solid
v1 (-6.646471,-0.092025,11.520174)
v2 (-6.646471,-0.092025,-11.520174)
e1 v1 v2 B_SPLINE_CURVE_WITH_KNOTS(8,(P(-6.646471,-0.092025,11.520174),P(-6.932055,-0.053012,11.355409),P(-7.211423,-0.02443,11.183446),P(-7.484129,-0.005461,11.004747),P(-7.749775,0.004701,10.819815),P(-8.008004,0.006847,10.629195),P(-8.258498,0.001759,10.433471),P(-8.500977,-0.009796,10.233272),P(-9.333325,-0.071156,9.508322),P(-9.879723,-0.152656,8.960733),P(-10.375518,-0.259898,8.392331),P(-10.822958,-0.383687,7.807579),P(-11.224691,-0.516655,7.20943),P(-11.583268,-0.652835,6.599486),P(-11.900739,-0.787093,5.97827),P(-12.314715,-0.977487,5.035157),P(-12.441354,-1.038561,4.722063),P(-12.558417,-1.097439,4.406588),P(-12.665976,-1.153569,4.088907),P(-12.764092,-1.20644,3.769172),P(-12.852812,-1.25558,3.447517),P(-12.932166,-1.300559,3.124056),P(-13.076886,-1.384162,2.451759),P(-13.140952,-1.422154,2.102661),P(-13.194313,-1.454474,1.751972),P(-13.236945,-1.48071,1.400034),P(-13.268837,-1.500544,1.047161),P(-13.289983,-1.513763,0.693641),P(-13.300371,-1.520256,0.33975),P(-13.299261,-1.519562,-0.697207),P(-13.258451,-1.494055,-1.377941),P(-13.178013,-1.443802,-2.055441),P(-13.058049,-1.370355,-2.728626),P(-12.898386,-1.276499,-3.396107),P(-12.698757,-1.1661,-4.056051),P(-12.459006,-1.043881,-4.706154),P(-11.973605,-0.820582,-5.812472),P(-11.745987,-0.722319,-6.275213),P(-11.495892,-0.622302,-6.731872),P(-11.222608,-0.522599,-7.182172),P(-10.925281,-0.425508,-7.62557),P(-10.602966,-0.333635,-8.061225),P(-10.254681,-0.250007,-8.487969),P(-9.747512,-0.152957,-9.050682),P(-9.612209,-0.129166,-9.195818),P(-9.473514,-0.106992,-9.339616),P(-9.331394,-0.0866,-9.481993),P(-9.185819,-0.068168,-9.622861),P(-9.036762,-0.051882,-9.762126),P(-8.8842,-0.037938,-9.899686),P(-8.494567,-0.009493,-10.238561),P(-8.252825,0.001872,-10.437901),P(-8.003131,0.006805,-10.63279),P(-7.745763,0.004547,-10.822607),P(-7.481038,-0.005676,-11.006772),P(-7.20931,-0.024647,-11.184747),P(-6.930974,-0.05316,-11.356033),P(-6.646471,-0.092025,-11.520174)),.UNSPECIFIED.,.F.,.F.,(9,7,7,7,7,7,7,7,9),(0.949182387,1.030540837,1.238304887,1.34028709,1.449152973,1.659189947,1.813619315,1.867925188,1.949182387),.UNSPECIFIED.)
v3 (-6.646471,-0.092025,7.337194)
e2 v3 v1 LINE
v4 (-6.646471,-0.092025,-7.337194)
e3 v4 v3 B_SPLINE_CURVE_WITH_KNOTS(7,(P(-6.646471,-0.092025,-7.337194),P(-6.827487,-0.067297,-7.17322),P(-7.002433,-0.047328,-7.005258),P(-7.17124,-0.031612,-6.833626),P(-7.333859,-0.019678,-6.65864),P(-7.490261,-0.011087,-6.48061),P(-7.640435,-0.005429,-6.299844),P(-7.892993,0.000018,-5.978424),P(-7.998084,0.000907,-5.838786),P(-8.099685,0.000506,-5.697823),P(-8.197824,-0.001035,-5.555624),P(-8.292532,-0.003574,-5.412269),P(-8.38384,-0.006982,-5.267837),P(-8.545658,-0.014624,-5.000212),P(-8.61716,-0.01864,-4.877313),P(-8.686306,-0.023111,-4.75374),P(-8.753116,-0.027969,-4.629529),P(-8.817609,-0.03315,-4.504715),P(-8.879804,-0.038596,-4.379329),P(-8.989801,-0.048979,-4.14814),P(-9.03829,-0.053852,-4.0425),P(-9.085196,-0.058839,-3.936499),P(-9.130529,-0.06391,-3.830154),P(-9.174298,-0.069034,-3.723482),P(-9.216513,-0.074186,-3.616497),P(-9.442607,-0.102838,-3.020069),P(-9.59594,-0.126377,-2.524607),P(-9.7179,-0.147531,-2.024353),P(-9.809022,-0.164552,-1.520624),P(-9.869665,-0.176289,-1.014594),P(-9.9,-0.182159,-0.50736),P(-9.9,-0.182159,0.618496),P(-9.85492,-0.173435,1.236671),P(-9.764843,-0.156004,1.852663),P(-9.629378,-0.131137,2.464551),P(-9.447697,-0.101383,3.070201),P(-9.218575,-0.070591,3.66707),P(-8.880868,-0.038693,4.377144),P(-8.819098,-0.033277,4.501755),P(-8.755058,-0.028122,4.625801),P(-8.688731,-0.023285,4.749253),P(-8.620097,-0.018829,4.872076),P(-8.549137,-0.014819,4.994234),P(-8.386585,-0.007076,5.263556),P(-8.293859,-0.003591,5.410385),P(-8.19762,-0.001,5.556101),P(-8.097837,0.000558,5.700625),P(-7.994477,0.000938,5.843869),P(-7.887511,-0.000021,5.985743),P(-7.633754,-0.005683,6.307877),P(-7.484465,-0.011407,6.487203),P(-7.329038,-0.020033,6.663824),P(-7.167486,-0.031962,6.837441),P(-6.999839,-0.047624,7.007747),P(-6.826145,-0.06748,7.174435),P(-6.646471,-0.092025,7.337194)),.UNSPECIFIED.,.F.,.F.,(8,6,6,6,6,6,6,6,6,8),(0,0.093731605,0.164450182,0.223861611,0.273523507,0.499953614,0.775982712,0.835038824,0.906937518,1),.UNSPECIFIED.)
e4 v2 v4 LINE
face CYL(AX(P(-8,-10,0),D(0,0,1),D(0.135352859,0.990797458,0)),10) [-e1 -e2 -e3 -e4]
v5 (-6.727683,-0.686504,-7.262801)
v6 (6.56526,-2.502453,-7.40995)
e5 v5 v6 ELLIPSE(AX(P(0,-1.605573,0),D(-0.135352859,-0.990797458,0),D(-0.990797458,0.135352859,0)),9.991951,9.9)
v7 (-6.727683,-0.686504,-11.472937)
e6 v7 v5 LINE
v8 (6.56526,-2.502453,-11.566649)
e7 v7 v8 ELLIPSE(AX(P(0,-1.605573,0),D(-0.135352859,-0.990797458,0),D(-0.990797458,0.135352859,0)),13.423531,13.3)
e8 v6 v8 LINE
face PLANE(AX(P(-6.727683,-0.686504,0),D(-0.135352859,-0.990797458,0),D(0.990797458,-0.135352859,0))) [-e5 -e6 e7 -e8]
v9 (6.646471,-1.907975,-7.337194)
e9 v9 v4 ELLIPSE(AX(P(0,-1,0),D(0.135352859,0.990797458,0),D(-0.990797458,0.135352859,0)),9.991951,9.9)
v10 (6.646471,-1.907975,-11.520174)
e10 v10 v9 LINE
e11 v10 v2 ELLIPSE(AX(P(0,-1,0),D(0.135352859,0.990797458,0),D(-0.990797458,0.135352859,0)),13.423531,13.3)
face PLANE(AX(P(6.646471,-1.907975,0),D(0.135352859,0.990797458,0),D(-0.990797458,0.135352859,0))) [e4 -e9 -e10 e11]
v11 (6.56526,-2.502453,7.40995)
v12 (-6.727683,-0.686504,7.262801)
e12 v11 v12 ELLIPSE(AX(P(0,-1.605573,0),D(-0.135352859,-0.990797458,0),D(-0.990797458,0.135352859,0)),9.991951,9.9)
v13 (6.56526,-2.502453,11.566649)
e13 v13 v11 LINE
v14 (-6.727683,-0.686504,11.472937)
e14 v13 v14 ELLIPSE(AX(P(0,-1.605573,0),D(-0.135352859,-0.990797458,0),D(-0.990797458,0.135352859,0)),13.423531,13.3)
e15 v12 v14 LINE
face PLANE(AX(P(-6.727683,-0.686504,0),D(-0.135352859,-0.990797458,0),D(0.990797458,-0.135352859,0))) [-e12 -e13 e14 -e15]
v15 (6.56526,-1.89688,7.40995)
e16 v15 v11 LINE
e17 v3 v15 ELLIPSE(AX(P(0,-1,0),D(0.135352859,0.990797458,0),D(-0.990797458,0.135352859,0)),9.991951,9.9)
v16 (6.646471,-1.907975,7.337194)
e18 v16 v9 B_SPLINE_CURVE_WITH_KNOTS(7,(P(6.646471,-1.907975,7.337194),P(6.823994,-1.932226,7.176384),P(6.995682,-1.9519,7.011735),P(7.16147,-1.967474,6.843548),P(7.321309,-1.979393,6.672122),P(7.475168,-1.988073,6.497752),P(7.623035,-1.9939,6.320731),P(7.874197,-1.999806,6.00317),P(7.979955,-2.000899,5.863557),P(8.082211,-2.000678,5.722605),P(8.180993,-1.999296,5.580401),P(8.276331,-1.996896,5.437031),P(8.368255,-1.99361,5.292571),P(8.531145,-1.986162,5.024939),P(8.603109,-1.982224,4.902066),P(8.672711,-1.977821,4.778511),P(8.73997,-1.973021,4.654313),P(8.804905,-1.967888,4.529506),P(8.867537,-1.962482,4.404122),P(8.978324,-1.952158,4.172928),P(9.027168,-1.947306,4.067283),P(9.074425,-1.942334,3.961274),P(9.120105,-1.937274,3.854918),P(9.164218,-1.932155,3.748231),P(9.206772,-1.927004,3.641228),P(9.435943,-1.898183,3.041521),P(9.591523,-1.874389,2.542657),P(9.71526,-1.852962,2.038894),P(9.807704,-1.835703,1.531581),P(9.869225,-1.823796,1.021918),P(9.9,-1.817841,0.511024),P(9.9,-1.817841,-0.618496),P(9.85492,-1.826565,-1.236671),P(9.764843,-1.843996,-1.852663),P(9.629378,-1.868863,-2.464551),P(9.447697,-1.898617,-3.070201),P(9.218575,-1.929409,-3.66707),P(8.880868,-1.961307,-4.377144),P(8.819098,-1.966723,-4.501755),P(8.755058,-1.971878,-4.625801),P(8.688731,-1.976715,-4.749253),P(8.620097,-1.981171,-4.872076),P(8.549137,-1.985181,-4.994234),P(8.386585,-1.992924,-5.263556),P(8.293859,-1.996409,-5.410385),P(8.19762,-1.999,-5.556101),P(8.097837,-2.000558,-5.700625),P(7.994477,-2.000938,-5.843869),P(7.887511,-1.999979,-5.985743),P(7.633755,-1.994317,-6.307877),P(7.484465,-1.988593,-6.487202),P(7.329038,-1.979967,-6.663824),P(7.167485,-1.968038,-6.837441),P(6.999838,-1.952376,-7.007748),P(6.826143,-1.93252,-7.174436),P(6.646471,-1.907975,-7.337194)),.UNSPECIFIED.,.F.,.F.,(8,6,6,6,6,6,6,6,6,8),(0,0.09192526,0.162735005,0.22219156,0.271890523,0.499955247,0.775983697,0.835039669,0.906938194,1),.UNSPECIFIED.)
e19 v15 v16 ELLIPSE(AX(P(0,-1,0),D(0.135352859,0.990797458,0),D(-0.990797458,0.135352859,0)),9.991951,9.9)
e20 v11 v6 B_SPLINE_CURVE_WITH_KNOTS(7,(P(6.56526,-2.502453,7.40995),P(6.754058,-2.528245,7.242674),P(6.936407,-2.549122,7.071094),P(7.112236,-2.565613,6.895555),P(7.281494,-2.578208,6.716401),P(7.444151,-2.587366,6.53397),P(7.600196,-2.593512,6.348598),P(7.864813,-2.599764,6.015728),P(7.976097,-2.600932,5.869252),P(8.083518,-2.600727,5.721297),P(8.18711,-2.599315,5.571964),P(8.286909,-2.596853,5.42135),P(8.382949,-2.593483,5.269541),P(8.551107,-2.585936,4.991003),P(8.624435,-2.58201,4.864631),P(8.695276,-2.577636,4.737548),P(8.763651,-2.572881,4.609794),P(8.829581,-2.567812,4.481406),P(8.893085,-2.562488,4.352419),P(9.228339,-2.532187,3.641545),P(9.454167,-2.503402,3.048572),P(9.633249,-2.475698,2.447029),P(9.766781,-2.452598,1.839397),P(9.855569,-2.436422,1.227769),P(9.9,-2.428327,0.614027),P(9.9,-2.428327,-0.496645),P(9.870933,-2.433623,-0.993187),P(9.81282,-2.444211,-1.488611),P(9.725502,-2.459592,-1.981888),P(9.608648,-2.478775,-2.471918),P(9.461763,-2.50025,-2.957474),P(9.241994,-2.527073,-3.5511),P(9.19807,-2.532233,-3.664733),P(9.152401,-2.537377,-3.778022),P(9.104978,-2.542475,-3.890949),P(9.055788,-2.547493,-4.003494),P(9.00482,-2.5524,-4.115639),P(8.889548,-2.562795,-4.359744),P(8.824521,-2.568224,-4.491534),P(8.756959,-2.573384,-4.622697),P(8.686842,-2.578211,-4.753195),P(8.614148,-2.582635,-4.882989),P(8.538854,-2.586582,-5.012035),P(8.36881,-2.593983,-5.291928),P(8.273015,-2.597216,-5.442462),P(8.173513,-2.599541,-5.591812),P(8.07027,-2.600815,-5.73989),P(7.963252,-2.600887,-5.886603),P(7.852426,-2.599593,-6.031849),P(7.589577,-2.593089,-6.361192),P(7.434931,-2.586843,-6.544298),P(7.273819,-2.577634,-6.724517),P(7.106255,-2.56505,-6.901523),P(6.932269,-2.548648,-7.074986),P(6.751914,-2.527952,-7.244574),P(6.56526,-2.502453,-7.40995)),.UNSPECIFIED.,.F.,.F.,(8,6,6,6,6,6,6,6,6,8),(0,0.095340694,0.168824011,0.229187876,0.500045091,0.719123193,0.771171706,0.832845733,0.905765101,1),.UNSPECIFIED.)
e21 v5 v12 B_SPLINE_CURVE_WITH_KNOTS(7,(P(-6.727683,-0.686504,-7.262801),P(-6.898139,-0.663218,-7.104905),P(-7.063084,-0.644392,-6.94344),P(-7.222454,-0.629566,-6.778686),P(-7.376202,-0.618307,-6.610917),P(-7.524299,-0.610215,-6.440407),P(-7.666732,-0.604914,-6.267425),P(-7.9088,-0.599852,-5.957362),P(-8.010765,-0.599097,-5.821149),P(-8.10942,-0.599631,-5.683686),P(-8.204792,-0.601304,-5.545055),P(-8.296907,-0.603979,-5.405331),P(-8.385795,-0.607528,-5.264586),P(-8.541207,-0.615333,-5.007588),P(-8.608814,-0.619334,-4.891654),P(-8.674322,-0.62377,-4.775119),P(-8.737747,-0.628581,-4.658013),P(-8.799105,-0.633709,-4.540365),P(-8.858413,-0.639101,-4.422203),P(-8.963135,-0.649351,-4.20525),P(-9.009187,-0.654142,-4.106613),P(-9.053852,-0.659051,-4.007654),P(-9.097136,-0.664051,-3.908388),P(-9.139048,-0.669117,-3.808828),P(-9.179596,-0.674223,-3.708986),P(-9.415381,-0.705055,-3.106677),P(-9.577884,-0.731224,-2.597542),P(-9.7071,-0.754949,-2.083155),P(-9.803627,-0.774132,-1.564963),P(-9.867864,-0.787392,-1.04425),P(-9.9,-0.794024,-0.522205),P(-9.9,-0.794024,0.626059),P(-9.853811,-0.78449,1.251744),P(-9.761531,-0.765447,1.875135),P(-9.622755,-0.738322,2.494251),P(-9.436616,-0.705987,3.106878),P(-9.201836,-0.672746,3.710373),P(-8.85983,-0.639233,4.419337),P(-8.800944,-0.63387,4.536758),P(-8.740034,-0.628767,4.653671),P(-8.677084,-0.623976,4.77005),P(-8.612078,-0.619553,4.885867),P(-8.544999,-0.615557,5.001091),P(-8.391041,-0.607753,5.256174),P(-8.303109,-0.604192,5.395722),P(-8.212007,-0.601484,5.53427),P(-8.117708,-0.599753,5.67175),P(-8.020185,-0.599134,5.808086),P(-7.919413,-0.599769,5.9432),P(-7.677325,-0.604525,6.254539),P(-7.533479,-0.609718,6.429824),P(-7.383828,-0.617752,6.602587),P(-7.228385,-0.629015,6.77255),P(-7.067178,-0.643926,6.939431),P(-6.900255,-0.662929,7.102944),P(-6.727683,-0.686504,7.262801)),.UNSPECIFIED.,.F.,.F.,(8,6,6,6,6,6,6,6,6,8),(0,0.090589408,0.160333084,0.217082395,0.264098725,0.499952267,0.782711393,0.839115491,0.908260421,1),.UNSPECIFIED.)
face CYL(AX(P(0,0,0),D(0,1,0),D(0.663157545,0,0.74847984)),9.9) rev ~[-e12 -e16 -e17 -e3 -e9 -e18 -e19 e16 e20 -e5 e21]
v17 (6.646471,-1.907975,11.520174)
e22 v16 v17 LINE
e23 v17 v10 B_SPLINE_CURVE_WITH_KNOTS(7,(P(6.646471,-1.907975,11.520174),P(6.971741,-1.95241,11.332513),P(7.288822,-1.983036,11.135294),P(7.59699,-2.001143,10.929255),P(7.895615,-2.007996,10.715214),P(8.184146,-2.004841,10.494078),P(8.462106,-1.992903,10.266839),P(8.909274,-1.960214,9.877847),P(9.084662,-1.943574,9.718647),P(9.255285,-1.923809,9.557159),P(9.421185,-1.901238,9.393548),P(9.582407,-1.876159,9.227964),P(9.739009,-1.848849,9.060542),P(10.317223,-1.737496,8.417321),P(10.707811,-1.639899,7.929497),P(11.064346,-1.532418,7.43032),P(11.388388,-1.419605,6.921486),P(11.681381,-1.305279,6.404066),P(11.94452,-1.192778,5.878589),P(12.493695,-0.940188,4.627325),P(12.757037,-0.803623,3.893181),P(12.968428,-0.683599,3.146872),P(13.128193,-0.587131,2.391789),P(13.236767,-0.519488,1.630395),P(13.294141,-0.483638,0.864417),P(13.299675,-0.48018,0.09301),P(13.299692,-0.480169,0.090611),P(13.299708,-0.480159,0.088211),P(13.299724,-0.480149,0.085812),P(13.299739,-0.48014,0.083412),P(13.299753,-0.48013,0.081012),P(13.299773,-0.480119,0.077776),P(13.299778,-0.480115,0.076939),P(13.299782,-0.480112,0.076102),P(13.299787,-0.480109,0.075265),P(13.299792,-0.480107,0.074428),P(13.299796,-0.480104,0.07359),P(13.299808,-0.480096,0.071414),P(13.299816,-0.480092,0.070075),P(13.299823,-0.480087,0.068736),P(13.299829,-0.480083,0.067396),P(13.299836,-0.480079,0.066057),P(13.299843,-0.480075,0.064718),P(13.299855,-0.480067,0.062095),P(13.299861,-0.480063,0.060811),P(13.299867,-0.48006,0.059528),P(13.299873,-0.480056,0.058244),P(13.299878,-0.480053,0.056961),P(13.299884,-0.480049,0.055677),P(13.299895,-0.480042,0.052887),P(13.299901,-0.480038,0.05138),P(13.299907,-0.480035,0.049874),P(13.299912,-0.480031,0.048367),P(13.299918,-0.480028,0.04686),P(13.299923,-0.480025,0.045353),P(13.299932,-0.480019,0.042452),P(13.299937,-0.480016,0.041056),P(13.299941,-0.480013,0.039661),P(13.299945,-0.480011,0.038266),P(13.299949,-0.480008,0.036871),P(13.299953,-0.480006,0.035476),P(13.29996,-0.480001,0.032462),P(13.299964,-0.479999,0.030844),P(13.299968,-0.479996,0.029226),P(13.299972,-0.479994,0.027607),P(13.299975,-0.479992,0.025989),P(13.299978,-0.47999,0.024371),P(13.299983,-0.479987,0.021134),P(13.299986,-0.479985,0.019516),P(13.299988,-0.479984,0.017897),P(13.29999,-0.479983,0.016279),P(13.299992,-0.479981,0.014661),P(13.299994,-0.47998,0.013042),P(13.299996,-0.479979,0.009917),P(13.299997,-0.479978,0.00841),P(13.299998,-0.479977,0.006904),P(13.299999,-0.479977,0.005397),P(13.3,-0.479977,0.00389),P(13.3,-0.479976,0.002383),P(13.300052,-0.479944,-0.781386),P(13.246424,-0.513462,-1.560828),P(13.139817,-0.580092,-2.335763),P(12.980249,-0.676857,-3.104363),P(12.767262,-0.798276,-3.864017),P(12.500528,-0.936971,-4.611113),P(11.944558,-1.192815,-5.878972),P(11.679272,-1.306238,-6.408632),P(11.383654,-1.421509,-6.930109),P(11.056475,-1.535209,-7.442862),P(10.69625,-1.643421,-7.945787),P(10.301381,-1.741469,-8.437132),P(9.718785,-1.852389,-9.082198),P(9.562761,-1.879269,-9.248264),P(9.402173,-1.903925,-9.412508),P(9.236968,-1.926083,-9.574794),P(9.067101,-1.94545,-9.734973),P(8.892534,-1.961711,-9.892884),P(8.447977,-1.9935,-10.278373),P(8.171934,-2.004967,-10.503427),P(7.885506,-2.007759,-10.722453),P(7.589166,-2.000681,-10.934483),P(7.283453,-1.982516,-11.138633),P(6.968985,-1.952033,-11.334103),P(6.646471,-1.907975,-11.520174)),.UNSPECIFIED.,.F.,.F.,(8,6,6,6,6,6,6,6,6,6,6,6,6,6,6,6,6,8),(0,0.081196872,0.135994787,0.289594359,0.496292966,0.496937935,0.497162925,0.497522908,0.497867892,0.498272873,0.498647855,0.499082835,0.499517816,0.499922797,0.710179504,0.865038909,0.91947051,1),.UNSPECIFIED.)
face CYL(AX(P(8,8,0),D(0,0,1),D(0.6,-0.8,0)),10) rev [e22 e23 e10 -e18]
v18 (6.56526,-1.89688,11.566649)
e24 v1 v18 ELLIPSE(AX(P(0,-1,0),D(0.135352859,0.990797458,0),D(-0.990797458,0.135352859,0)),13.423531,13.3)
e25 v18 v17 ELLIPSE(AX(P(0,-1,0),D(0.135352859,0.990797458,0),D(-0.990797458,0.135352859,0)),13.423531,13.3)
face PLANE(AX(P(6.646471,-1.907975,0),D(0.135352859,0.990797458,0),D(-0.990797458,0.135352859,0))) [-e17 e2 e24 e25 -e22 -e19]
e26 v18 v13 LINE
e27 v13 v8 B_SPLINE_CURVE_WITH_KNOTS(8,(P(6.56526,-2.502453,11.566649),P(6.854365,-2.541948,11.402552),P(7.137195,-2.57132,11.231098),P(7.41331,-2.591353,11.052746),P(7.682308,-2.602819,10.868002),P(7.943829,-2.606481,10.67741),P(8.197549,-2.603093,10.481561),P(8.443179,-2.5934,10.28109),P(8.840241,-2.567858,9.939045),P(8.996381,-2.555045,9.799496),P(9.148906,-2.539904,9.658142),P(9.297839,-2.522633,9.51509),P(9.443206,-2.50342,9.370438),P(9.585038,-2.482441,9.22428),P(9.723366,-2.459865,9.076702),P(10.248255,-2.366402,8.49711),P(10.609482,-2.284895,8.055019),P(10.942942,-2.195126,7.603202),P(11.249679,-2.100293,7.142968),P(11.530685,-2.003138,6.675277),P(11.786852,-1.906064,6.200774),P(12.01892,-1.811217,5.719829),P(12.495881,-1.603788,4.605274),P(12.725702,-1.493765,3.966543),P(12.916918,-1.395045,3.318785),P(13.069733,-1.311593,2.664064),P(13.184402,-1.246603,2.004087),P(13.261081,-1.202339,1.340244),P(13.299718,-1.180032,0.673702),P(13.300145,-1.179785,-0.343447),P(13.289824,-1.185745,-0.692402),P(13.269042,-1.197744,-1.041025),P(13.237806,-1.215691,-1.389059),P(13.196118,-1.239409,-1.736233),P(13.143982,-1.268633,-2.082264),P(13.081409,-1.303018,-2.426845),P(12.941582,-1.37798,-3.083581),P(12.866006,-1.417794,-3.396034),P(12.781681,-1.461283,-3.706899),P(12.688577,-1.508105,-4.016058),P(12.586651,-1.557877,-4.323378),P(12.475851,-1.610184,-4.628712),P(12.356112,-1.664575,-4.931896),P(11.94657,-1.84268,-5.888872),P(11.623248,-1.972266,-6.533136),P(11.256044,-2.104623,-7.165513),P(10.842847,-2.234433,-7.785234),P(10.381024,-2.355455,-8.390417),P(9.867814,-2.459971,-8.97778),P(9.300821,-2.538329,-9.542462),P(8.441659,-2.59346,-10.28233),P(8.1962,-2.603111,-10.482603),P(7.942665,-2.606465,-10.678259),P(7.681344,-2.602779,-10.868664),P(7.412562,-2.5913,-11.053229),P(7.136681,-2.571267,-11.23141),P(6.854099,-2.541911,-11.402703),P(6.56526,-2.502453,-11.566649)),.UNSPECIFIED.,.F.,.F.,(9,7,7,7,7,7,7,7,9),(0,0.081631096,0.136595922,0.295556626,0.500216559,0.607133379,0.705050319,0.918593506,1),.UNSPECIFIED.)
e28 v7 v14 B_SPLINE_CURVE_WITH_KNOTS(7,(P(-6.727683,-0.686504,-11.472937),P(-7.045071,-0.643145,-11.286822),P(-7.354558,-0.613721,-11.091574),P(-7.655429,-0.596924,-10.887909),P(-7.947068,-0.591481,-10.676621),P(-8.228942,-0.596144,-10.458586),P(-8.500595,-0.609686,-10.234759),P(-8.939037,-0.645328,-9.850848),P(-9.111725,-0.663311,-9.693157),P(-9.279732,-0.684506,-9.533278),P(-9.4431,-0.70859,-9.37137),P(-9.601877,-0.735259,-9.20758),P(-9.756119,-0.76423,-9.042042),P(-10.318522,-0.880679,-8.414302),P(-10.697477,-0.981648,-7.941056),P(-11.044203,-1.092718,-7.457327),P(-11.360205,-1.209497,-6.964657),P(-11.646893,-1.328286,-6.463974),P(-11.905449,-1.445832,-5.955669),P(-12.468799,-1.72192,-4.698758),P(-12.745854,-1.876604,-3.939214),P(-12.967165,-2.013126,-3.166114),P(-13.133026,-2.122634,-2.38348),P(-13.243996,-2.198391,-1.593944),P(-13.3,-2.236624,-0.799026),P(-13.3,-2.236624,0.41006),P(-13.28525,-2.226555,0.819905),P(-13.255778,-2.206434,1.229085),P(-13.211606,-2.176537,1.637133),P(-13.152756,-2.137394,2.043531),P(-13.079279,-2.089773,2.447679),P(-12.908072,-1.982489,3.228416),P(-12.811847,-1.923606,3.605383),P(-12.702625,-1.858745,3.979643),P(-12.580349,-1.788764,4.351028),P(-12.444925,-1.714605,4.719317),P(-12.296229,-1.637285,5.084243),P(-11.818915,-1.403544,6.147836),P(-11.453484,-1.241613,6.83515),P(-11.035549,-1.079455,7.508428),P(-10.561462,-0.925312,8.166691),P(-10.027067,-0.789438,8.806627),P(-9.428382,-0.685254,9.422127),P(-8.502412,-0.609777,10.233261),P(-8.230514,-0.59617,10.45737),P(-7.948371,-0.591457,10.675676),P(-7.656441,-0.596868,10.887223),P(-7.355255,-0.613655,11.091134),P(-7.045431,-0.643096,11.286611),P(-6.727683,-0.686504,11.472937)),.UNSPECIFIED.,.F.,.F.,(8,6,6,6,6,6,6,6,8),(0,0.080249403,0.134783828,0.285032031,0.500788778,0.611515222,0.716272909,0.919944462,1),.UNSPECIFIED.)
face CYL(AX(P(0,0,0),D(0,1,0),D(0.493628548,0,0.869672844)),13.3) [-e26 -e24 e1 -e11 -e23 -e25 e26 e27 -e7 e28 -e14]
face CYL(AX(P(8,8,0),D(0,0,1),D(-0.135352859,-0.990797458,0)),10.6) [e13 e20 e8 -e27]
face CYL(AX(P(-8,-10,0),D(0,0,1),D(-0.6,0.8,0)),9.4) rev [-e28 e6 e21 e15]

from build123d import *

# Parameters (mm, degrees)
EXTRUDE_THIN1_DEPTH = 15
SKETCH2_OUTSIDE_W   = 38.632
SKETCH2_OUTSIDE_H   = 40.272
SKETCH2_OUTSIDE_R   = 13.3
SKETCH2_OUTSIDE_R_2 = 9.9
EXTRUDE1_DEPTH      = 30


with BuildPart() as part:
    # Sketch1 → Extrude-Thin1 (new, symmetric)
    with BuildSketch(Plane.XY):
        with BuildLine():
            ThreePointArc((14, 0), (10.511476834, -1.679487802), (6.646471406, -1.907974583))
            Line((6.646471406, -1.907974583), (-6.646471406, -0.092025417))
            ThreePointArc((-6.646471406, -0.092025417), (-10.511476834, -0.320512198), (-14, -2))
            Line((-14, -2), (-13.64, -2.48))
            ThreePointArc((-13.64, -2.48), (-10.360788224, -0.901281466), (-6.727683122, -0.686503892))
            Line((-6.727683122, -0.686503892), (6.565259691, -2.502453058))
            ThreePointArc((6.565259691, -2.502453058), (10.662165444, -2.26025707), (14.36, -0.48))
            Line((14.36, -0.48), (14, 0))
        make_face()
    extrude(amount=EXTRUDE_THIN1_DEPTH, both=True)

    # Sketch2 outside → Extrude1 (cut)
    # profile 1 of 2: a face of its own
    with BuildSketch(Plane(origin=(0, 0, 0), x_dir=(1, 0, 0), z_dir=(0, 1, 0))):
        with Locations((0.18, 0)):
            Rectangle(SKETCH2_OUTSIDE_W, SKETCH2_OUTSIDE_H)
        with Locations(Location((0, 0, 0), (0, 0, 299.579355848))):
            Circle(SKETCH2_OUTSIDE_R, mode=Mode.SUBTRACT)
    # profile 2 of 2: a face of its own
    with BuildSketch(Plane(origin=(0, 0, 0), x_dir=(1, 0, 0), z_dir=(0, 1, 0))):
        with Locations(Location((0, 0, 0), (0, 0, 311.541132012))):
            Circle(SKETCH2_OUTSIDE_R_2)
    extrude(amount=-EXTRUDE1_DEPTH, mode=Mode.SUBTRACT)


solid = part.part
